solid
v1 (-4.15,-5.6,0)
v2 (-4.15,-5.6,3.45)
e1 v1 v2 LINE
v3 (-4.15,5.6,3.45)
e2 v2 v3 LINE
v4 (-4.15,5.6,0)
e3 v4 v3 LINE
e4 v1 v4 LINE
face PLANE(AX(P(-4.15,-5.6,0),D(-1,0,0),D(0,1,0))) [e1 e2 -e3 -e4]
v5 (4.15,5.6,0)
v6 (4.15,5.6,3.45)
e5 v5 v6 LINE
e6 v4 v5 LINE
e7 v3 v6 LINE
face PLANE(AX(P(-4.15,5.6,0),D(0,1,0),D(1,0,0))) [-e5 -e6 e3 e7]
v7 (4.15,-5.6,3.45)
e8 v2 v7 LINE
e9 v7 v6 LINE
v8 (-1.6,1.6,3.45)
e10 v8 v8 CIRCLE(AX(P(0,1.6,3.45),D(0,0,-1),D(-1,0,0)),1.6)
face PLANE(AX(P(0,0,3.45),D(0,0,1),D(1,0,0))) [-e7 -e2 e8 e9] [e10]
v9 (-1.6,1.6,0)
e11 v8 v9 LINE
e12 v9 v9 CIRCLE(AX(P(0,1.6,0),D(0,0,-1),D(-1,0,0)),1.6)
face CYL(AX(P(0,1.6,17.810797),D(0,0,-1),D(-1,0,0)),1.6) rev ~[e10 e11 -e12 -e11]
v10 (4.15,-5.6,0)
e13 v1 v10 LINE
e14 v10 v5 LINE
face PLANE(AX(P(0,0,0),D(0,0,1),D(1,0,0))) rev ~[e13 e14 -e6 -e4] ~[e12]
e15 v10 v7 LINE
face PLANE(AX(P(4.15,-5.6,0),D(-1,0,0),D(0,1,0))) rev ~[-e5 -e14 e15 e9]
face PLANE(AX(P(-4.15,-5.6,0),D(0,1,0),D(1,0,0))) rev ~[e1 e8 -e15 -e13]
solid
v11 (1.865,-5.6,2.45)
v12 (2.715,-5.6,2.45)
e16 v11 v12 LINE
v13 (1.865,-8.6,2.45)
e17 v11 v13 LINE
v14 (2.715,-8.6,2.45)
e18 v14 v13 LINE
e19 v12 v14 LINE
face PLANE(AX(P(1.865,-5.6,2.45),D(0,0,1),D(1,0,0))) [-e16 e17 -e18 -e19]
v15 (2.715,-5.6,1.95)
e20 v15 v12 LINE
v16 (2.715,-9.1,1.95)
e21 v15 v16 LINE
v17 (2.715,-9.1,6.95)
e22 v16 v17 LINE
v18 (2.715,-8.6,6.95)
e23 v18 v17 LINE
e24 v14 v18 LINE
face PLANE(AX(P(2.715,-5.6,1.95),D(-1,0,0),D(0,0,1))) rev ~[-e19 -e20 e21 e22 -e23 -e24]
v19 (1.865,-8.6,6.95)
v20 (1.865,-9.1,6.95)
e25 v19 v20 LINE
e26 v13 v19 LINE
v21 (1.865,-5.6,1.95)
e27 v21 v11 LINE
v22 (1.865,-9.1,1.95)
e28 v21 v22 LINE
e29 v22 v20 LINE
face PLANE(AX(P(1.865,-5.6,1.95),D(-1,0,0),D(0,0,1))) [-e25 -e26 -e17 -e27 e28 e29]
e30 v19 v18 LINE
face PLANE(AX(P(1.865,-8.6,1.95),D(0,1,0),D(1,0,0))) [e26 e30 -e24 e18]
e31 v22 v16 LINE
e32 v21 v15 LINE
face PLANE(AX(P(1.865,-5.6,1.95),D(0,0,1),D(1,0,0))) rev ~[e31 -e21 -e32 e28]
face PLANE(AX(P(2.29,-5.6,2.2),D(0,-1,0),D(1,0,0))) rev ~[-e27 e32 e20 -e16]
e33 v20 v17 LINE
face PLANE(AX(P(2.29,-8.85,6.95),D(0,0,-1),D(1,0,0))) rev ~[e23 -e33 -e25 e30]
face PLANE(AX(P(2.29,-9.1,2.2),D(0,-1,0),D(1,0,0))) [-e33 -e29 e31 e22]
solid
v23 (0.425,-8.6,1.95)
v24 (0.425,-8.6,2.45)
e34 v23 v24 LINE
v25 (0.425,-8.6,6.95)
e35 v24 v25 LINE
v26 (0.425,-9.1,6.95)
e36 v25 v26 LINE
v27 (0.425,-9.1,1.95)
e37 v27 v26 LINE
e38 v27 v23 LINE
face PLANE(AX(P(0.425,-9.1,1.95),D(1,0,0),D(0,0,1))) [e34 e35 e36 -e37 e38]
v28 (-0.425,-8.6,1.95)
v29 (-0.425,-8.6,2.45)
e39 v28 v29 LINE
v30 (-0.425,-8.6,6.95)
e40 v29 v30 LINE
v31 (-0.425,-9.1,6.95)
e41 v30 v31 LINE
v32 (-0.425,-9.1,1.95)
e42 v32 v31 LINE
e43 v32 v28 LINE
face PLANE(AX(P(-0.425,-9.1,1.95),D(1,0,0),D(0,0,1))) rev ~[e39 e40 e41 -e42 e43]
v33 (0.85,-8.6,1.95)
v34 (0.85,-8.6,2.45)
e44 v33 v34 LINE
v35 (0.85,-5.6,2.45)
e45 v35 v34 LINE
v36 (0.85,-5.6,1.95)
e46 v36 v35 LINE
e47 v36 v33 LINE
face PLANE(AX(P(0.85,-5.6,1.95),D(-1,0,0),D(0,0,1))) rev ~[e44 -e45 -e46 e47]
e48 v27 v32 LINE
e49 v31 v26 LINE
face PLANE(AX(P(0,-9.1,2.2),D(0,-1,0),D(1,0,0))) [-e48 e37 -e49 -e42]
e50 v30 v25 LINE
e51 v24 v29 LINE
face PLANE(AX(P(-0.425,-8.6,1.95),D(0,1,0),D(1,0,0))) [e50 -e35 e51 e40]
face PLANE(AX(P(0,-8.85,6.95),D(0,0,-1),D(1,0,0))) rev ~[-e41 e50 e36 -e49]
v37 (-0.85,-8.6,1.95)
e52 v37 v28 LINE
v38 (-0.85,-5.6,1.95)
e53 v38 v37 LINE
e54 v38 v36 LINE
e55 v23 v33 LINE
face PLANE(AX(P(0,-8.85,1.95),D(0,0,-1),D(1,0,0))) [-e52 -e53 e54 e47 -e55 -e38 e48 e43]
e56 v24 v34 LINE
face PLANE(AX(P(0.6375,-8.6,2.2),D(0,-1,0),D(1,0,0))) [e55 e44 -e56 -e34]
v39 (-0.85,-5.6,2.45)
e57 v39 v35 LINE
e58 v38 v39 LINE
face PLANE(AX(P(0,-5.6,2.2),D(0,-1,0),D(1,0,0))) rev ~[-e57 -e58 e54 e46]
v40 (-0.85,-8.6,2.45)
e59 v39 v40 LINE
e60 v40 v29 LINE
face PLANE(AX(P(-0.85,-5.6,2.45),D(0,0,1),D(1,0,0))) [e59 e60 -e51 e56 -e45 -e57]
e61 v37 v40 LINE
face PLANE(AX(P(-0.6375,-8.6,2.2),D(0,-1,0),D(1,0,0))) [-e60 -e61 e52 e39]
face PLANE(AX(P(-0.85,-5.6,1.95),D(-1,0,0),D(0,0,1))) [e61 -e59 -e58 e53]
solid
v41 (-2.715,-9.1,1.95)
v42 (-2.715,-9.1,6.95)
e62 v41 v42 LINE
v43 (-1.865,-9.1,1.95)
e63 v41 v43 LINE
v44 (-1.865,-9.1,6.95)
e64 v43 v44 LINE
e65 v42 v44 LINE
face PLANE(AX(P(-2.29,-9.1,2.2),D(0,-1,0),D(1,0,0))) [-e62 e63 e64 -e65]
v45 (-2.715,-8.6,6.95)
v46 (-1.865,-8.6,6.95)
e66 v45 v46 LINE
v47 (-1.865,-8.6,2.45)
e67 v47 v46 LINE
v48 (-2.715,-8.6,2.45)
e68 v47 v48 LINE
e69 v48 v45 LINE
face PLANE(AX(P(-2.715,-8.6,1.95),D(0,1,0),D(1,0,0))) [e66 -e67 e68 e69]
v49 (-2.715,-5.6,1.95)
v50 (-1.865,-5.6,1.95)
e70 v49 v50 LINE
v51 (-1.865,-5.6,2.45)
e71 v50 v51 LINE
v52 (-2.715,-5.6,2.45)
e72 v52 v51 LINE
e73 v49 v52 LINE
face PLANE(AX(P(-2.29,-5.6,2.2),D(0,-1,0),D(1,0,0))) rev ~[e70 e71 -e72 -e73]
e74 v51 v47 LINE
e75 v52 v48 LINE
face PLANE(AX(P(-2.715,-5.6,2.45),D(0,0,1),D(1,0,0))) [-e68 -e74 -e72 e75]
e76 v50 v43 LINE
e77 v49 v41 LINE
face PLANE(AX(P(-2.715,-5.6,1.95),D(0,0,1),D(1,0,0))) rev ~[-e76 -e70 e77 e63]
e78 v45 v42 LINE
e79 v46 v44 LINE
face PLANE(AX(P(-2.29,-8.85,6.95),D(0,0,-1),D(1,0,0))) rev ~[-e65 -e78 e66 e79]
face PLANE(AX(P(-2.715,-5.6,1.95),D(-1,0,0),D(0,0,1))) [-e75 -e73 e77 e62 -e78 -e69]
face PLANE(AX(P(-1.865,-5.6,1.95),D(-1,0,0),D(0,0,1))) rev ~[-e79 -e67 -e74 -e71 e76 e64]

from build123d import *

# Parameters (mm, degrees)
F0_W     = 8.3
F0_H     = 11.2
F1_DEPTH = 3.45
F3_D     = 3.2
F4_W     = 0.85
F4_H     = 0.5
F4_W_2   = 1.7
F5_DEPTH = 3.5
F6_W     = 0.85
F6_H     = 0.5
F7_DEPTH = 5
F8_W     = 0.425
F8_H     = 0.5
F9_DEPTH = 0.5


with BuildPart() as f1:
    # F0 (on Top) → F1 (new body)
    with BuildSketch(Plane.XY):
        Rectangle(F0_W, F0_H)
    extrude(amount=F1_DEPTH)

    # F3 (through all)
    with Locations(Plane.XY.offset(3.45)):
        with Locations((0, 1.6)):
            Hole(F3_D / 2)


with BuildPart() as f5:
    # F4 (on face) → F5 (new body)
    with BuildSketch(Plane.XZ.offset(5.6)):
        with Locations((-2.29, 2.2)):
            Rectangle(F4_W, F4_H)
        with Locations((0, 2.2)):
            Rectangle(F4_W_2, F4_H)
        with Locations((2.29, 2.2)):
            Rectangle(F4_W, F4_H)
    extrude(amount=F5_DEPTH)

    # F6 (on face) → F7 (join)
    with BuildSketch(Plane(origin=(0, 0, 1.95), x_dir=(1, 0, 0), z_dir=(0, 0, -1))):
        with Locations((2.29, 8.85)):
            Rectangle(F6_W, F6_H)
        with Locations((0, 8.85)):
            Rectangle(F6_W, F6_H)
        with Locations((-2.29, 8.85)):
            Rectangle(F6_W, F6_H)
    extrude(amount=-F7_DEPTH)

    # F8 (on face) → F9 (cut)
    with BuildSketch(Plane.XZ.offset(9.1)):
        with Locations((-0.6375, 2.2)):
            Rectangle(F8_W, F8_H)
        with Locations((0.6375, 2.2)):
            Rectangle(F8_W, F8_H)
    extrude(amount=-F9_DEPTH, mode=Mode.SUBTRACT)


solid = Compound([f1.part, f5.part])
